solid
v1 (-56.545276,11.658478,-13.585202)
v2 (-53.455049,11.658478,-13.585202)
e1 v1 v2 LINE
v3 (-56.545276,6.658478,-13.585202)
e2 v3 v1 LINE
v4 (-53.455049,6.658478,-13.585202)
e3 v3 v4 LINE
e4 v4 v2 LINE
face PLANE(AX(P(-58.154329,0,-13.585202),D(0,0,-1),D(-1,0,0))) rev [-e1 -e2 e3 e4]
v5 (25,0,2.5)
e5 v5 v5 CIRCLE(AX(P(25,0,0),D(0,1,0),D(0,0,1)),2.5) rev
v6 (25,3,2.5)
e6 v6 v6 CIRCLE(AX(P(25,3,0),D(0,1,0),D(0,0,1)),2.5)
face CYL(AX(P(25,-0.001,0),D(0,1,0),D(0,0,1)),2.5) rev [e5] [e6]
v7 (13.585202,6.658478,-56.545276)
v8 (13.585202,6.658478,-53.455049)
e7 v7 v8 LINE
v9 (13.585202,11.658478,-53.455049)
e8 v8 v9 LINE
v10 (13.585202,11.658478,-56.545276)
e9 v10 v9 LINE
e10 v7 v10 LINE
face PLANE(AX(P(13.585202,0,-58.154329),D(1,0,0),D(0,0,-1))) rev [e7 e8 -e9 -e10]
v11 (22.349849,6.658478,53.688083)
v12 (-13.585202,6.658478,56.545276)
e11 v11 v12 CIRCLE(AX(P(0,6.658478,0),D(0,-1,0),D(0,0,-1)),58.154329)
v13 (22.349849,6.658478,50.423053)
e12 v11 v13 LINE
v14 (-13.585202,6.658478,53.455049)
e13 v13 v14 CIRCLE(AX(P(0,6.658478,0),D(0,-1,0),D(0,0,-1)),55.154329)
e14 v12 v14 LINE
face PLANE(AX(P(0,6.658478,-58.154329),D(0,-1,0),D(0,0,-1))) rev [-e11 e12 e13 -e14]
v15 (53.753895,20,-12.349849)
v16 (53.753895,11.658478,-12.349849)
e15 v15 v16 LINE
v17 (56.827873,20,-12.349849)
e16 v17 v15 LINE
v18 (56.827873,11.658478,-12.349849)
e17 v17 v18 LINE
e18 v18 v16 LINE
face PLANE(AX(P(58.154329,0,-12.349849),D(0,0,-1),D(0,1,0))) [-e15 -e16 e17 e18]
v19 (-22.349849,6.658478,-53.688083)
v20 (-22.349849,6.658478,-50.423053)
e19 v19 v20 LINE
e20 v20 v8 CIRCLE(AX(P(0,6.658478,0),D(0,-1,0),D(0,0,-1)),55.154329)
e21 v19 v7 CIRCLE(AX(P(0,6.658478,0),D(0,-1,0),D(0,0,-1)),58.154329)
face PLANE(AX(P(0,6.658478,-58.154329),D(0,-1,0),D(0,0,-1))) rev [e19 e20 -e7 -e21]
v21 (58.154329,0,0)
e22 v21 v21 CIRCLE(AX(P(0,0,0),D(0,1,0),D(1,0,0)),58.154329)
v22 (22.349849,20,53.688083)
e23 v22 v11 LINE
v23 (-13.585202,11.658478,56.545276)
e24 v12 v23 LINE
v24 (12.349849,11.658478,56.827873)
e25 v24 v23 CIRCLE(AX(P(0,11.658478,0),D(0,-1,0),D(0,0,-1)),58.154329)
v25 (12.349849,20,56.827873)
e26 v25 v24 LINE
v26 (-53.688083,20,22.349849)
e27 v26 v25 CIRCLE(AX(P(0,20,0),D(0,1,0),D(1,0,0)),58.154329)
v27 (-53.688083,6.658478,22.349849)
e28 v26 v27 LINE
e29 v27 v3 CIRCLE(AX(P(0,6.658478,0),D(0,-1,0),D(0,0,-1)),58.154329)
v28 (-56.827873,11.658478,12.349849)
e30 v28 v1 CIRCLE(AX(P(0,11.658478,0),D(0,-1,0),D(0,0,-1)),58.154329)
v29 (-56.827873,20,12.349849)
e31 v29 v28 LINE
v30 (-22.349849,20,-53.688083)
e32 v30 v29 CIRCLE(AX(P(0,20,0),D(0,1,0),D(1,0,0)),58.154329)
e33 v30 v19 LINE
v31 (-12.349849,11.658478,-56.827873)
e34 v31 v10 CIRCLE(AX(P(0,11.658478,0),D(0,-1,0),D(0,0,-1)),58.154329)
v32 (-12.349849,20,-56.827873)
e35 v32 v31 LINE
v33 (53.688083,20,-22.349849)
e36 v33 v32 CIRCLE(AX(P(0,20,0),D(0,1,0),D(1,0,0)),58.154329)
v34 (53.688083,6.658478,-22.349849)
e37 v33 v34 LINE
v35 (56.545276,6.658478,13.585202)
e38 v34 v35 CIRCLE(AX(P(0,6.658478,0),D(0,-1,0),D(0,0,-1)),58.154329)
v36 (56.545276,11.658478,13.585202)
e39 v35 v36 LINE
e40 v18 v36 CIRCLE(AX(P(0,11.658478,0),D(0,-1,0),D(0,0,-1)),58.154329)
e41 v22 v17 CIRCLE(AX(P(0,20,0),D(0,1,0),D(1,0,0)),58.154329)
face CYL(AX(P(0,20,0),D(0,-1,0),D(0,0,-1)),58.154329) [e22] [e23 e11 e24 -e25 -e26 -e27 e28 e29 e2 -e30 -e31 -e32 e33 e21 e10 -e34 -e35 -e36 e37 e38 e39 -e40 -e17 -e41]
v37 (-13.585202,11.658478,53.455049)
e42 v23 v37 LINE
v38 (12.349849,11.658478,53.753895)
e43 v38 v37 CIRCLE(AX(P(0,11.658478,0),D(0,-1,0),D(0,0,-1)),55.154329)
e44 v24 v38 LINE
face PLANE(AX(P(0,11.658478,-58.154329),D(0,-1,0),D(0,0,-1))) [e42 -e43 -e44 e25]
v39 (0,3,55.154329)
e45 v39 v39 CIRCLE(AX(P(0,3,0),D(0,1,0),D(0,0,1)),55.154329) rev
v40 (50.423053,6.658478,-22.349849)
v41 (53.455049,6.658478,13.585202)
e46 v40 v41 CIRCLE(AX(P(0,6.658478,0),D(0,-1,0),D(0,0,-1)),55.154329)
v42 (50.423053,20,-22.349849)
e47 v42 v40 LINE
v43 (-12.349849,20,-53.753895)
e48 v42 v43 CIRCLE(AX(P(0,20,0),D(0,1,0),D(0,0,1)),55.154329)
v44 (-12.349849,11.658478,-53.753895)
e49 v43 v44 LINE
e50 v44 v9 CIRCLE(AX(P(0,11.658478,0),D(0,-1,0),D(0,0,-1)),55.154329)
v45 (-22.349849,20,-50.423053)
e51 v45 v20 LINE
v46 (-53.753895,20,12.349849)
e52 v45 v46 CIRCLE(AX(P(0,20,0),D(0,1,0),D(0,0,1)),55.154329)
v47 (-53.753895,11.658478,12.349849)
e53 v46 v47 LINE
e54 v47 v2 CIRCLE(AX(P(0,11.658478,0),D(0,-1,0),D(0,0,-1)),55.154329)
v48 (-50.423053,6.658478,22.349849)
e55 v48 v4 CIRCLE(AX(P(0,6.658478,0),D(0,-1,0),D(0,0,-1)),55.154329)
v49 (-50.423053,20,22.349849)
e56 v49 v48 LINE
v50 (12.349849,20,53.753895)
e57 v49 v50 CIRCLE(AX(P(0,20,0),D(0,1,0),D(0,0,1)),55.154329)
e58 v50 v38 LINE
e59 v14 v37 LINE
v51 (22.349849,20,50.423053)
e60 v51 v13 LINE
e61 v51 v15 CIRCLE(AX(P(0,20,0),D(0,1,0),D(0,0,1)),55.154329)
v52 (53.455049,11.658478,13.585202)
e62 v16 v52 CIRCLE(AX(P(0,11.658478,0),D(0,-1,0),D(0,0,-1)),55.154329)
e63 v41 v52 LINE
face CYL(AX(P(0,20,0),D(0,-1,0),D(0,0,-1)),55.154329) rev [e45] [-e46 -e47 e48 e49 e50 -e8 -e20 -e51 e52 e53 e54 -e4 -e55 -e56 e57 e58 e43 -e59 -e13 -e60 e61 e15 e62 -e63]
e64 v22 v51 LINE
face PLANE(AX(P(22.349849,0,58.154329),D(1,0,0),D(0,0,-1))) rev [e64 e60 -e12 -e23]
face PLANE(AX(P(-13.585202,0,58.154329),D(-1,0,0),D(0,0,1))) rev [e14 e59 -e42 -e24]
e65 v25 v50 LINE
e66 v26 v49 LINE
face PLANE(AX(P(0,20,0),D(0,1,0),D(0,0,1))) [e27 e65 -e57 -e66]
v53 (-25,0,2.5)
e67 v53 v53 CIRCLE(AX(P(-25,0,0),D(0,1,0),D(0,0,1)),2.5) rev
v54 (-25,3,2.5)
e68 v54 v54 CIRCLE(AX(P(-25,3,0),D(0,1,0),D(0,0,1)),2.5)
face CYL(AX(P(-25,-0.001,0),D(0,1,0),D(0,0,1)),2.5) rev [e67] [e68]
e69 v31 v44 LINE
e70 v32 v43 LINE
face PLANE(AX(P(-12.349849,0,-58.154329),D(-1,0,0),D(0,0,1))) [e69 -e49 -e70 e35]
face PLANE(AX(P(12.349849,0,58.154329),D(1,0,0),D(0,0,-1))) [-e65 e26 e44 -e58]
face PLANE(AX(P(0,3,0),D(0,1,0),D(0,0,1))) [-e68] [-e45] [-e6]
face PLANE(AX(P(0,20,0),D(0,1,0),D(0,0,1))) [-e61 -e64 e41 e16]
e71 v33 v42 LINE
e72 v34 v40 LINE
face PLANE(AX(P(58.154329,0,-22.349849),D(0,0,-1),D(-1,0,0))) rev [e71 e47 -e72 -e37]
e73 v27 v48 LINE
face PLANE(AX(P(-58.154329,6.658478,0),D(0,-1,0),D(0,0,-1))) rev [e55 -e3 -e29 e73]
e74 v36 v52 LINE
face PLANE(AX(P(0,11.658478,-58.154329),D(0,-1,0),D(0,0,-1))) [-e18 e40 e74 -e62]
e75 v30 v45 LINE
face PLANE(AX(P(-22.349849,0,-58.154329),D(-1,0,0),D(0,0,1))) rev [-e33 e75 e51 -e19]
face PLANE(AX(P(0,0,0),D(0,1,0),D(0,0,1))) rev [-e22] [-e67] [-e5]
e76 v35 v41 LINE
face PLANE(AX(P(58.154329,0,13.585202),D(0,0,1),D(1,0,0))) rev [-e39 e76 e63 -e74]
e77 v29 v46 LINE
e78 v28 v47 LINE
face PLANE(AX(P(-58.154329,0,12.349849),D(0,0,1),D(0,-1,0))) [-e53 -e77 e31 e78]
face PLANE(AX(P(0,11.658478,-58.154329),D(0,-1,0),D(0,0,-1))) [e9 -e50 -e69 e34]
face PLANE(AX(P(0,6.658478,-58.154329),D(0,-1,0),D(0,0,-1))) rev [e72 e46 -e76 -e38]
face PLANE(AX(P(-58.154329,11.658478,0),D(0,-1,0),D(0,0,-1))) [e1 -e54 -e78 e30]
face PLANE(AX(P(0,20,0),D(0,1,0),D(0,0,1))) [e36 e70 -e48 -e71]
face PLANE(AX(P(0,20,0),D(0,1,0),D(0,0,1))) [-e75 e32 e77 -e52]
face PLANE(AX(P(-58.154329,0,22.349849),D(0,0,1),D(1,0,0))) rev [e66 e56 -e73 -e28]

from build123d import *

# Parameters (mm, degrees)
SKIZZE1_R                       = 55.154328933
AUFSATZ_LINEAR_AUSTRAGEN1_DEPTH = 3
SKIZZE1_2_R                     = 58.154328933
SKIZZE1_2_R_2                   = 55.154328933
LINEAR_AUSTRAGEN_D_NN1_DEPTH    = 20
SCHNITT_LINEAR_AUSTRAGEN1_DEPTH = 85.639541275
KREISMUSTER1_COUNT              = 4
SCHNITT_LINEAR_AUSTRAGEN5_REACH = 85.981
SKIZZE4_R                       = 2.5


with BuildPart() as part:
    # Skizze1 → Aufsatz-Linear austragen1 (new body)
    with BuildSketch(Plane(origin=(0, 0, 0), x_dir=(1, 0, 0), z_dir=(0, 1, 0))):
        Circle(SKIZZE1_R)
    extrude(amount=AUFSATZ_LINEAR_AUSTRAGEN1_DEPTH)

    # Skizze1_2 → Linear-Austragen-D_nn1 (add)
    with BuildSketch(Plane(origin=(0, 0, 0), x_dir=(1, 0, 0), z_dir=(0, 1, 0))):
        Circle(SKIZZE1_2_R)
        Circle(SKIZZE1_2_R_2, mode=Mode.SUBTRACT)
    extrude(amount=LINEAR_AUSTRAGEN_D_NN1_DEPTH)

    # Skizze2 → Schnitt-Linear austragen1 (cut, through all)
    with BuildSketch(Plane(origin=(0, 0, 0), x_dir=(0, 0, -1), z_dir=(1, 0, 0))):
        Polygon((-12.349848993, 20), (-22.349848993, 20), (-22.349848993, 6.658478459), (13.585202329, 6.658478459), (13.585202329, 11.658478459), (-12.349848993, 11.658478459), align=None)
    schnitt_linear_austragen1 = extrude(amount=-SCHNITT_LINEAR_AUSTRAGEN1_DEPTH, mode=Mode.SUBTRACT)

    # Kreismuster1: Schnitt-Linear austragen1 ×4 about axis
    kreismuster1_axis = Axis((0, 3, 0), (0, -1, 0))
    for i in range(1, KREISMUSTER1_COUNT):
        add(schnitt_linear_austragen1.rotate(kreismuster1_axis, i * 360 / KREISMUSTER1_COUNT), mode=Mode.SUBTRACT)

    # Skizze4 → Schnitt-Linear austragen5 (cut, up to next)
    with BuildSketch(Plane(origin=(0, 3, 0), x_dir=(1, 0, 0), z_dir=(0, 1, 0)), mode=Mode.PRIVATE) as schnitt_linear_austragen5_sk1:
        with Locations((-25, 0)):
            Circle(SKIZZE4_R)
    schnitt_linear_austragen5_tool1 = extrude(schnitt_linear_austragen5_sk1.sketch, amount=-SCHNITT_LINEAR_AUSTRAGEN5_REACH, mode=Mode.PRIVATE) & part.part
    # Skizze4 → Schnitt-Linear austragen5 (cut, up to next)
    with BuildSketch(Plane(origin=(0, 3, 0), x_dir=(1, 0, 0), z_dir=(0, 1, 0)), mode=Mode.PRIVATE) as schnitt_linear_austragen5_sk2:
        with Locations((25, 0)):
            Circle(SKIZZE4_R)
    schnitt_linear_austragen5_tool2 = extrude(schnitt_linear_austragen5_sk2.sketch, amount=-SCHNITT_LINEAR_AUSTRAGEN5_REACH, mode=Mode.PRIVATE) & part.part
    add(schnitt_linear_austragen5_tool1.solids().sort_by_distance((-25, 3, 0))[0], mode=Mode.SUBTRACT)
    add(schnitt_linear_austragen5_tool2.solids().sort_by_distance((25, 3, 0))[0], mode=Mode.SUBTRACT)


solid = part.part
